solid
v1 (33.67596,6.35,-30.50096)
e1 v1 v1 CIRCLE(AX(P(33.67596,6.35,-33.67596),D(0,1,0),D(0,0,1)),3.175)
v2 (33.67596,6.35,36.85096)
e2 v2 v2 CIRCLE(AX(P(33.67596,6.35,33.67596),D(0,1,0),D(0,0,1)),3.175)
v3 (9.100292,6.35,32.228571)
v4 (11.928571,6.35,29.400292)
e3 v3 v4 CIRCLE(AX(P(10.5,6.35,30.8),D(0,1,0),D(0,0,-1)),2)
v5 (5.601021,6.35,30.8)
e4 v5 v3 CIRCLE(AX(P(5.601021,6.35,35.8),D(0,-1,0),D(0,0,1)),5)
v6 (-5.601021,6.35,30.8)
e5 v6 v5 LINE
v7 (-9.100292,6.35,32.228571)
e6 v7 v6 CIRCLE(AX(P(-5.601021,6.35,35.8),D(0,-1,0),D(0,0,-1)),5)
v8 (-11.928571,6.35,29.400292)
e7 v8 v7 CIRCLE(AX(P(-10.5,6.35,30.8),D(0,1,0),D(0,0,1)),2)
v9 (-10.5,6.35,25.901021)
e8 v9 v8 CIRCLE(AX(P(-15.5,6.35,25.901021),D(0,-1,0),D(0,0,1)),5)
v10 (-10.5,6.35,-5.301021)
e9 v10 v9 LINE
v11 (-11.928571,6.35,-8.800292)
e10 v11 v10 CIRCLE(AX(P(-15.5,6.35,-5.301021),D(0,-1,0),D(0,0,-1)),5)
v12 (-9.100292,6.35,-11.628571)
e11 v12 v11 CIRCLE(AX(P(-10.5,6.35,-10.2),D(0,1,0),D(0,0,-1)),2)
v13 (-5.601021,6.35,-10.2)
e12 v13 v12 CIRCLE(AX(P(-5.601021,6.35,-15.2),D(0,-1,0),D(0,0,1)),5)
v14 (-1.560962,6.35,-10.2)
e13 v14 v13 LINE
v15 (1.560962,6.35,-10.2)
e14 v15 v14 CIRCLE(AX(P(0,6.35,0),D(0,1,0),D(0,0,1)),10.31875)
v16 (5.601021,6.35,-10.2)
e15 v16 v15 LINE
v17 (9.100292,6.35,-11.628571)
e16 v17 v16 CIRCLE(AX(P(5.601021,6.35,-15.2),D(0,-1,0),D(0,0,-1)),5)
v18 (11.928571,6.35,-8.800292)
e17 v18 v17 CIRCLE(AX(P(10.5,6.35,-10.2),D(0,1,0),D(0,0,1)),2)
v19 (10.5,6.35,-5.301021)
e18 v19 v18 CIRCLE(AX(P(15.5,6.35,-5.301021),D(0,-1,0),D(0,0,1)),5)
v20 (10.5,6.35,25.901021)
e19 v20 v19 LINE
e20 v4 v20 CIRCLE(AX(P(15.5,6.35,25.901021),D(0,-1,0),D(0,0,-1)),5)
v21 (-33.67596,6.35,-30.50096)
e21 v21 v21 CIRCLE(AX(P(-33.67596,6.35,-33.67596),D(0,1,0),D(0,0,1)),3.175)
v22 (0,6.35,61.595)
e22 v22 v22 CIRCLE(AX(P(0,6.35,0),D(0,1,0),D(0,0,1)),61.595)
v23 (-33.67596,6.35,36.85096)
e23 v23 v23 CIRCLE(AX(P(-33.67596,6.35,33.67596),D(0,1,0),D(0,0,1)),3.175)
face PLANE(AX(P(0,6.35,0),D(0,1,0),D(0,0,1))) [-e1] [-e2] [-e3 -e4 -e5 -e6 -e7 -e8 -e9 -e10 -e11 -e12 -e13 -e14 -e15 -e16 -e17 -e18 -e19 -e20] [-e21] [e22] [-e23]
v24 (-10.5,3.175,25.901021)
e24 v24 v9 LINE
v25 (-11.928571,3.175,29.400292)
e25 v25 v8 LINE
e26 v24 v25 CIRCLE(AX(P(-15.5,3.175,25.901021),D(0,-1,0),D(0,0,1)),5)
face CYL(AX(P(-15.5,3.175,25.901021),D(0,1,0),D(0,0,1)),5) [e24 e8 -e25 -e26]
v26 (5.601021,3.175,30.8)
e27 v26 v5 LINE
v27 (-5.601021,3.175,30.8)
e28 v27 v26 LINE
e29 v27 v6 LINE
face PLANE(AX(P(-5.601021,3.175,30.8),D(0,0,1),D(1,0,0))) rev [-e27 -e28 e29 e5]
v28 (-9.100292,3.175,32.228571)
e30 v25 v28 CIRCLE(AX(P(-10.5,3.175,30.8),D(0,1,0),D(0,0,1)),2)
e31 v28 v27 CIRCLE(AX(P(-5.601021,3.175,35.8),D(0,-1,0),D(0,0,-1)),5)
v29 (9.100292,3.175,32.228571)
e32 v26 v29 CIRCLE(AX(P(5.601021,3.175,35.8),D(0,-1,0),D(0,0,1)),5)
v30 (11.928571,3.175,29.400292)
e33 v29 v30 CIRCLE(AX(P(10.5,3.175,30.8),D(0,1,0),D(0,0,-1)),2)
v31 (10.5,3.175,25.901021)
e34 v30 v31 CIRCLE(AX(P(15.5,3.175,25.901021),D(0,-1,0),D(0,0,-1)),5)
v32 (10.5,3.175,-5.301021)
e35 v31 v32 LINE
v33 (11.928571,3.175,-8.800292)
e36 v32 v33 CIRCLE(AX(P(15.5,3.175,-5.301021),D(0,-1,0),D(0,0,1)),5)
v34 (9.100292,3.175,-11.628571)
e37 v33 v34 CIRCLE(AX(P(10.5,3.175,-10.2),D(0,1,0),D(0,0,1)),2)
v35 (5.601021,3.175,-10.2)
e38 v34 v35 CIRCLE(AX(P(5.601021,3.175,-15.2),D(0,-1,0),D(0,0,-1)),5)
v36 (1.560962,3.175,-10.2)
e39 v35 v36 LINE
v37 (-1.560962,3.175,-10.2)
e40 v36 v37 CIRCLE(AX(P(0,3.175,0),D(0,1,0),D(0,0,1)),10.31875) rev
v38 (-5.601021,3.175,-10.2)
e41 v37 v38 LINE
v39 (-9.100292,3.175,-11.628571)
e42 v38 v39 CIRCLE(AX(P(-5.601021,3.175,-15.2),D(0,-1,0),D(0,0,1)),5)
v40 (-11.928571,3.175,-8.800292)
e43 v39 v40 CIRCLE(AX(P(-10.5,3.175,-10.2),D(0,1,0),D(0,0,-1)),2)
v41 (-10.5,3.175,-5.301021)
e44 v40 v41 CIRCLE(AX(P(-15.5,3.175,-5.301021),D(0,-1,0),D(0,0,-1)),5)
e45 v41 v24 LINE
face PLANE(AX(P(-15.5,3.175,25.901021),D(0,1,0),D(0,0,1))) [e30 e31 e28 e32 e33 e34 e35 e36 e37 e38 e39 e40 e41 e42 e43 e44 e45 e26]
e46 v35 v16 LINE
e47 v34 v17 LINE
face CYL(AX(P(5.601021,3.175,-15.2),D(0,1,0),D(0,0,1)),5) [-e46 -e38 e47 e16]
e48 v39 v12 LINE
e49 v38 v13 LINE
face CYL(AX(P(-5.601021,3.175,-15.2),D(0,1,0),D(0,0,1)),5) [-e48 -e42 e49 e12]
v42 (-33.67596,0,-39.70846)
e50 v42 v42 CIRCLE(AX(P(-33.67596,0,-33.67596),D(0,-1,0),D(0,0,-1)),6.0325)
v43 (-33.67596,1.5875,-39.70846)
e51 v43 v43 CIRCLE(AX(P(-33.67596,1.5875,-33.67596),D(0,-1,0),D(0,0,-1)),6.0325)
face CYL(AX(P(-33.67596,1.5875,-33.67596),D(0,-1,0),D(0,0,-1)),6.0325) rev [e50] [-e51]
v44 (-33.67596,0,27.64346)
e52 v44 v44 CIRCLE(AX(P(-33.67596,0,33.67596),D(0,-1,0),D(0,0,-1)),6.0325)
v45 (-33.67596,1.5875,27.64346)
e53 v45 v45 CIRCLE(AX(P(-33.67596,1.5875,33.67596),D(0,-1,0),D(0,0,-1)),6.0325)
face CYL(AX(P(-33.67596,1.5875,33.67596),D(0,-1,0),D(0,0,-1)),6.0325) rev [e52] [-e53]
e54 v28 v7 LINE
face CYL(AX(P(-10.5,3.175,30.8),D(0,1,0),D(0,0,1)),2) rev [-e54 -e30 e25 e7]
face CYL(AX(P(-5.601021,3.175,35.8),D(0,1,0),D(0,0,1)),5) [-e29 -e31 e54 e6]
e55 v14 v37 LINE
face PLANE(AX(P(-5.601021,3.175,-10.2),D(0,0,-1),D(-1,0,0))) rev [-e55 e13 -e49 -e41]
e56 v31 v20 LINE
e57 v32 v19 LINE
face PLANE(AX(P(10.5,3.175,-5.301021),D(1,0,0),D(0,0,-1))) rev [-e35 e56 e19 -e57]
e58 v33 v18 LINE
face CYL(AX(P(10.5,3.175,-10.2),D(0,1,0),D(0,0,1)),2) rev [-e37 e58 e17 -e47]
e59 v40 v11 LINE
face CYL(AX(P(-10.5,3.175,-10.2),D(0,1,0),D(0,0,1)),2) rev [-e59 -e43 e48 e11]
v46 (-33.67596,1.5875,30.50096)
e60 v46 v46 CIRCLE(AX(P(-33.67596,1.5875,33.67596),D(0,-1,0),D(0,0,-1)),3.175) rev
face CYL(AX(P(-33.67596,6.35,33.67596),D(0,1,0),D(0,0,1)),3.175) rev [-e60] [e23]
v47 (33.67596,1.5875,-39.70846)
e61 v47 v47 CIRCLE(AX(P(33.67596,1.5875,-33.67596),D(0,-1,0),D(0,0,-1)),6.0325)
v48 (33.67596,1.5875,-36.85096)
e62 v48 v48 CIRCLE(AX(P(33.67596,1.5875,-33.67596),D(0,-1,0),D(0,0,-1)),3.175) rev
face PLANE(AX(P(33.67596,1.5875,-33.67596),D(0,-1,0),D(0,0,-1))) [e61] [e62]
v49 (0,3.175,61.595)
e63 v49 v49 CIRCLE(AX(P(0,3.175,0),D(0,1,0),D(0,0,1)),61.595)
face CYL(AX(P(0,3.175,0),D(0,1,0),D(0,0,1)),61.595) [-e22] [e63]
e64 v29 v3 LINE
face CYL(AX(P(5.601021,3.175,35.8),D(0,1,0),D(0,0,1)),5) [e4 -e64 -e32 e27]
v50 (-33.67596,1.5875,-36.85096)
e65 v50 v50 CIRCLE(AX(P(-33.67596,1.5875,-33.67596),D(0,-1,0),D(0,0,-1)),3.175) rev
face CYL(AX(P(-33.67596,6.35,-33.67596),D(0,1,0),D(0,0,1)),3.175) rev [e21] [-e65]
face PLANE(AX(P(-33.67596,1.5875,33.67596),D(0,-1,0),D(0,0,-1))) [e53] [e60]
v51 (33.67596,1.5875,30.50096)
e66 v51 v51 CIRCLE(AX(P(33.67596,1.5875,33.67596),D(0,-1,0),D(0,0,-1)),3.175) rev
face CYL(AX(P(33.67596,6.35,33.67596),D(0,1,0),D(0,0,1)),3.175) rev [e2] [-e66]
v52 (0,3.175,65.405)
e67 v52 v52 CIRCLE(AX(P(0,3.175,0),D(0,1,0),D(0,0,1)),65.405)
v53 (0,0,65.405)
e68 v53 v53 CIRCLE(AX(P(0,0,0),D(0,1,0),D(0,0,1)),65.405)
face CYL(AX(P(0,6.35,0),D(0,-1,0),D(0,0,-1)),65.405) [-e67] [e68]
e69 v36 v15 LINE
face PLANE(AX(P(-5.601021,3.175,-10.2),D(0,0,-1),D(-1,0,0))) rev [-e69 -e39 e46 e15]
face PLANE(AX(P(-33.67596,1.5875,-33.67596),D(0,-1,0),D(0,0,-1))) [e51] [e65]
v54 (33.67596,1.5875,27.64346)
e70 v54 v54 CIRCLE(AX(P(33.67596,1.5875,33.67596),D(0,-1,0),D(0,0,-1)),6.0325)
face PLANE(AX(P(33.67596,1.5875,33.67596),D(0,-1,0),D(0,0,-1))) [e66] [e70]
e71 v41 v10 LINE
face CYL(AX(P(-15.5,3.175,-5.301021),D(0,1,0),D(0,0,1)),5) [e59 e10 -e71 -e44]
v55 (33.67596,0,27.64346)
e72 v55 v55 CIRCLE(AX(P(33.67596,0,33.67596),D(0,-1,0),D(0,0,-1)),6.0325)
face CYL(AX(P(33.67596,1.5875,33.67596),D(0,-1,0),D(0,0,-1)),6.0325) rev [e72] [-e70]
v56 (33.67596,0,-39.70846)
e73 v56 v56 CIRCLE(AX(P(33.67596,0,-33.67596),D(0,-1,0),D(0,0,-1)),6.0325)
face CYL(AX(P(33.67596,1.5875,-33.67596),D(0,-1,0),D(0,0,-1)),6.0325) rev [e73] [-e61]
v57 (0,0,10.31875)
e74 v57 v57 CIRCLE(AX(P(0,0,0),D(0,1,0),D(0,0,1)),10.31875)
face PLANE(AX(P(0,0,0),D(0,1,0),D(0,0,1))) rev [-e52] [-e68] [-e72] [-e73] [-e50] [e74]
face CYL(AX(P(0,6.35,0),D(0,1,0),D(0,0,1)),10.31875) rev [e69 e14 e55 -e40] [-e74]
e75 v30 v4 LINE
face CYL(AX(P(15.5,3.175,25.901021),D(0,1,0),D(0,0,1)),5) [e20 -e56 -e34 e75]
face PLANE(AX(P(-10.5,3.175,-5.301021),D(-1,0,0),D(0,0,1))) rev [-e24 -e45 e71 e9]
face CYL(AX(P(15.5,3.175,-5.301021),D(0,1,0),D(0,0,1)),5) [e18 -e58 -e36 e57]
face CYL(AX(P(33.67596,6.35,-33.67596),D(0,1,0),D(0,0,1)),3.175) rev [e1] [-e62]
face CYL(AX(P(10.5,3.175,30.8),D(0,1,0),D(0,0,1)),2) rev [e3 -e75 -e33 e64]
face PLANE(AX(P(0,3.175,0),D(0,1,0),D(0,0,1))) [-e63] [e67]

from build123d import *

# Parameters (mm, degrees)
SKETCH2_R                       = 65.405
BOSS_EXTRUDE1_DEPTH             = 6.35
SKETCH4_R                       = 65.405
SKETCH4_R_2                     = 61.595
CUT_EXTRUDE1_DEPTH              = 3.175
F_1_4_0_25_DIAMETER_HOLE1_D     = 6.35
F_13_16_0_8125_DIAMETER_HOLE1_D = 20.6375
CUT_EXTRUDE3_DEPTH              = 3.175
SKETCH9_R                       = 6.0325
CUT_EXTRUDE2_DEPTH              = 1.5875


with BuildPart() as part:
    # Sketch2 → Boss-Extrude1 (new body)
    with BuildSketch(Plane(origin=(0, 0, 0), x_dir=(1, 0, 0), z_dir=(0, 1, 0))):
        Circle(SKETCH2_R)
    extrude(amount=BOSS_EXTRUDE1_DEPTH)

    # Sketch4 → Cut-Extrude1 (cut)
    with BuildSketch(Plane(origin=(0, 6.35, 0), x_dir=(1, 0, 0), z_dir=(0, 1, 0))):
        Circle(SKETCH4_R)
        Circle(SKETCH4_R_2, mode=Mode.SUBTRACT)
    extrude(amount=-CUT_EXTRUDE1_DEPTH, mode=Mode.SUBTRACT)

    # 1/4 (0.25) Diameter Hole1 (through all)
    with Locations(Plane(origin=(0, 6.35, 0), x_dir=(1, 0, 0), z_dir=(0, 1, 0))):
        with Locations((-33.675960454, 33.675960454), (-33.675960454, -33.675960454), (33.675960454, 33.675960454), (33.675960454, -33.675960454)):
            Hole(F_1_4_0_25_DIAMETER_HOLE1_D / 2)

    # 13/16 (0.8125) Diameter Hole1 (through all)
    with Locations(Plane(origin=(0, 6.35, 0), x_dir=(1, 0, 0), z_dir=(0, 1, 0))):
        with Locations((0, 0)):
            Hole(F_13_16_0_8125_DIAMETER_HOLE1_D / 2)

    # Sketch11 → Cut-Extrude3 (cut)
    with BuildSketch(Plane(origin=(0, 6.35, 0), x_dir=(1, 0, 0), z_dir=(0, 1, 0))):
        with BuildLine():
            Line((-5.601020514, 10.2), (5.601020514, 10.2))
            ThreePointArc((5.601020514, 10.2), (7.490842879, 10.570899501), (9.100291576, 11.628571429))
            ThreePointArc((9.100291576, 11.628571429), (11.914213562, 11.614213562), (11.928571429, 8.800291576))
            ThreePointArc((11.928571429, 8.800291576), (10.870899501, 7.190842879), (10.5, 5.301020514))
            Line((10.5, 5.301020514), (10.5, -25.901020514))
            ThreePointArc((10.5, -25.901020514), (10.870899501, -27.790842879), (11.928571429, -29.400291576))
            ThreePointArc((11.928571429, -29.400291576), (11.914213562, -32.214213562), (9.100291576, -32.228571429))
            ThreePointArc((9.100291576, -32.228571429), (7.490842879, -31.170899501), (5.601020514, -30.8))
            Line((5.601020514, -30.8), (-5.601020514, -30.8))
            ThreePointArc((-5.601020514, -30.8), (-7.490842879, -31.170899501), (-9.100291576, -32.228571429))
            ThreePointArc((-9.100291576, -32.228571429), (-11.914213562, -32.214213562), (-11.928571429, -29.400291576))
            ThreePointArc((-11.928571429, -29.400291576), (-10.870899501, -27.790842879), (-10.5, -25.901020514))
            Line((-10.5, -25.901020514), (-10.5, 5.301020514))
            ThreePointArc((-10.5, 5.301020514), (-10.870899501, 7.190842879), (-11.928571429, 8.800291576))
            ThreePointArc((-11.928571429, 8.800291576), (-11.914213562, 11.614213562), (-9.100291576, 11.628571429))
            ThreePointArc((-9.100291576, 11.628571429), (-7.490842879, 10.570899501), (-5.601020514, 10.2))
        make_face()
    extrude(amount=-CUT_EXTRUDE3_DEPTH, mode=Mode.SUBTRACT)

    # Sketch9 → Cut-Extrude2 (cut)
    with BuildSketch(Plane.XZ):
        with Locations((-33.675960454, 33.675960454)):
            Circle(SKETCH9_R)
        with Locations((33.675960454, 33.675960454)):
            Circle(SKETCH9_R)
        with Locations((33.675960454, -33.675960454)):
            Circle(SKETCH9_R)
        with Locations((-33.675960454, -33.675960454)):
            Circle(SKETCH9_R)
    extrude(amount=-CUT_EXTRUDE2_DEPTH, mode=Mode.SUBTRACT)


solid = part.part
